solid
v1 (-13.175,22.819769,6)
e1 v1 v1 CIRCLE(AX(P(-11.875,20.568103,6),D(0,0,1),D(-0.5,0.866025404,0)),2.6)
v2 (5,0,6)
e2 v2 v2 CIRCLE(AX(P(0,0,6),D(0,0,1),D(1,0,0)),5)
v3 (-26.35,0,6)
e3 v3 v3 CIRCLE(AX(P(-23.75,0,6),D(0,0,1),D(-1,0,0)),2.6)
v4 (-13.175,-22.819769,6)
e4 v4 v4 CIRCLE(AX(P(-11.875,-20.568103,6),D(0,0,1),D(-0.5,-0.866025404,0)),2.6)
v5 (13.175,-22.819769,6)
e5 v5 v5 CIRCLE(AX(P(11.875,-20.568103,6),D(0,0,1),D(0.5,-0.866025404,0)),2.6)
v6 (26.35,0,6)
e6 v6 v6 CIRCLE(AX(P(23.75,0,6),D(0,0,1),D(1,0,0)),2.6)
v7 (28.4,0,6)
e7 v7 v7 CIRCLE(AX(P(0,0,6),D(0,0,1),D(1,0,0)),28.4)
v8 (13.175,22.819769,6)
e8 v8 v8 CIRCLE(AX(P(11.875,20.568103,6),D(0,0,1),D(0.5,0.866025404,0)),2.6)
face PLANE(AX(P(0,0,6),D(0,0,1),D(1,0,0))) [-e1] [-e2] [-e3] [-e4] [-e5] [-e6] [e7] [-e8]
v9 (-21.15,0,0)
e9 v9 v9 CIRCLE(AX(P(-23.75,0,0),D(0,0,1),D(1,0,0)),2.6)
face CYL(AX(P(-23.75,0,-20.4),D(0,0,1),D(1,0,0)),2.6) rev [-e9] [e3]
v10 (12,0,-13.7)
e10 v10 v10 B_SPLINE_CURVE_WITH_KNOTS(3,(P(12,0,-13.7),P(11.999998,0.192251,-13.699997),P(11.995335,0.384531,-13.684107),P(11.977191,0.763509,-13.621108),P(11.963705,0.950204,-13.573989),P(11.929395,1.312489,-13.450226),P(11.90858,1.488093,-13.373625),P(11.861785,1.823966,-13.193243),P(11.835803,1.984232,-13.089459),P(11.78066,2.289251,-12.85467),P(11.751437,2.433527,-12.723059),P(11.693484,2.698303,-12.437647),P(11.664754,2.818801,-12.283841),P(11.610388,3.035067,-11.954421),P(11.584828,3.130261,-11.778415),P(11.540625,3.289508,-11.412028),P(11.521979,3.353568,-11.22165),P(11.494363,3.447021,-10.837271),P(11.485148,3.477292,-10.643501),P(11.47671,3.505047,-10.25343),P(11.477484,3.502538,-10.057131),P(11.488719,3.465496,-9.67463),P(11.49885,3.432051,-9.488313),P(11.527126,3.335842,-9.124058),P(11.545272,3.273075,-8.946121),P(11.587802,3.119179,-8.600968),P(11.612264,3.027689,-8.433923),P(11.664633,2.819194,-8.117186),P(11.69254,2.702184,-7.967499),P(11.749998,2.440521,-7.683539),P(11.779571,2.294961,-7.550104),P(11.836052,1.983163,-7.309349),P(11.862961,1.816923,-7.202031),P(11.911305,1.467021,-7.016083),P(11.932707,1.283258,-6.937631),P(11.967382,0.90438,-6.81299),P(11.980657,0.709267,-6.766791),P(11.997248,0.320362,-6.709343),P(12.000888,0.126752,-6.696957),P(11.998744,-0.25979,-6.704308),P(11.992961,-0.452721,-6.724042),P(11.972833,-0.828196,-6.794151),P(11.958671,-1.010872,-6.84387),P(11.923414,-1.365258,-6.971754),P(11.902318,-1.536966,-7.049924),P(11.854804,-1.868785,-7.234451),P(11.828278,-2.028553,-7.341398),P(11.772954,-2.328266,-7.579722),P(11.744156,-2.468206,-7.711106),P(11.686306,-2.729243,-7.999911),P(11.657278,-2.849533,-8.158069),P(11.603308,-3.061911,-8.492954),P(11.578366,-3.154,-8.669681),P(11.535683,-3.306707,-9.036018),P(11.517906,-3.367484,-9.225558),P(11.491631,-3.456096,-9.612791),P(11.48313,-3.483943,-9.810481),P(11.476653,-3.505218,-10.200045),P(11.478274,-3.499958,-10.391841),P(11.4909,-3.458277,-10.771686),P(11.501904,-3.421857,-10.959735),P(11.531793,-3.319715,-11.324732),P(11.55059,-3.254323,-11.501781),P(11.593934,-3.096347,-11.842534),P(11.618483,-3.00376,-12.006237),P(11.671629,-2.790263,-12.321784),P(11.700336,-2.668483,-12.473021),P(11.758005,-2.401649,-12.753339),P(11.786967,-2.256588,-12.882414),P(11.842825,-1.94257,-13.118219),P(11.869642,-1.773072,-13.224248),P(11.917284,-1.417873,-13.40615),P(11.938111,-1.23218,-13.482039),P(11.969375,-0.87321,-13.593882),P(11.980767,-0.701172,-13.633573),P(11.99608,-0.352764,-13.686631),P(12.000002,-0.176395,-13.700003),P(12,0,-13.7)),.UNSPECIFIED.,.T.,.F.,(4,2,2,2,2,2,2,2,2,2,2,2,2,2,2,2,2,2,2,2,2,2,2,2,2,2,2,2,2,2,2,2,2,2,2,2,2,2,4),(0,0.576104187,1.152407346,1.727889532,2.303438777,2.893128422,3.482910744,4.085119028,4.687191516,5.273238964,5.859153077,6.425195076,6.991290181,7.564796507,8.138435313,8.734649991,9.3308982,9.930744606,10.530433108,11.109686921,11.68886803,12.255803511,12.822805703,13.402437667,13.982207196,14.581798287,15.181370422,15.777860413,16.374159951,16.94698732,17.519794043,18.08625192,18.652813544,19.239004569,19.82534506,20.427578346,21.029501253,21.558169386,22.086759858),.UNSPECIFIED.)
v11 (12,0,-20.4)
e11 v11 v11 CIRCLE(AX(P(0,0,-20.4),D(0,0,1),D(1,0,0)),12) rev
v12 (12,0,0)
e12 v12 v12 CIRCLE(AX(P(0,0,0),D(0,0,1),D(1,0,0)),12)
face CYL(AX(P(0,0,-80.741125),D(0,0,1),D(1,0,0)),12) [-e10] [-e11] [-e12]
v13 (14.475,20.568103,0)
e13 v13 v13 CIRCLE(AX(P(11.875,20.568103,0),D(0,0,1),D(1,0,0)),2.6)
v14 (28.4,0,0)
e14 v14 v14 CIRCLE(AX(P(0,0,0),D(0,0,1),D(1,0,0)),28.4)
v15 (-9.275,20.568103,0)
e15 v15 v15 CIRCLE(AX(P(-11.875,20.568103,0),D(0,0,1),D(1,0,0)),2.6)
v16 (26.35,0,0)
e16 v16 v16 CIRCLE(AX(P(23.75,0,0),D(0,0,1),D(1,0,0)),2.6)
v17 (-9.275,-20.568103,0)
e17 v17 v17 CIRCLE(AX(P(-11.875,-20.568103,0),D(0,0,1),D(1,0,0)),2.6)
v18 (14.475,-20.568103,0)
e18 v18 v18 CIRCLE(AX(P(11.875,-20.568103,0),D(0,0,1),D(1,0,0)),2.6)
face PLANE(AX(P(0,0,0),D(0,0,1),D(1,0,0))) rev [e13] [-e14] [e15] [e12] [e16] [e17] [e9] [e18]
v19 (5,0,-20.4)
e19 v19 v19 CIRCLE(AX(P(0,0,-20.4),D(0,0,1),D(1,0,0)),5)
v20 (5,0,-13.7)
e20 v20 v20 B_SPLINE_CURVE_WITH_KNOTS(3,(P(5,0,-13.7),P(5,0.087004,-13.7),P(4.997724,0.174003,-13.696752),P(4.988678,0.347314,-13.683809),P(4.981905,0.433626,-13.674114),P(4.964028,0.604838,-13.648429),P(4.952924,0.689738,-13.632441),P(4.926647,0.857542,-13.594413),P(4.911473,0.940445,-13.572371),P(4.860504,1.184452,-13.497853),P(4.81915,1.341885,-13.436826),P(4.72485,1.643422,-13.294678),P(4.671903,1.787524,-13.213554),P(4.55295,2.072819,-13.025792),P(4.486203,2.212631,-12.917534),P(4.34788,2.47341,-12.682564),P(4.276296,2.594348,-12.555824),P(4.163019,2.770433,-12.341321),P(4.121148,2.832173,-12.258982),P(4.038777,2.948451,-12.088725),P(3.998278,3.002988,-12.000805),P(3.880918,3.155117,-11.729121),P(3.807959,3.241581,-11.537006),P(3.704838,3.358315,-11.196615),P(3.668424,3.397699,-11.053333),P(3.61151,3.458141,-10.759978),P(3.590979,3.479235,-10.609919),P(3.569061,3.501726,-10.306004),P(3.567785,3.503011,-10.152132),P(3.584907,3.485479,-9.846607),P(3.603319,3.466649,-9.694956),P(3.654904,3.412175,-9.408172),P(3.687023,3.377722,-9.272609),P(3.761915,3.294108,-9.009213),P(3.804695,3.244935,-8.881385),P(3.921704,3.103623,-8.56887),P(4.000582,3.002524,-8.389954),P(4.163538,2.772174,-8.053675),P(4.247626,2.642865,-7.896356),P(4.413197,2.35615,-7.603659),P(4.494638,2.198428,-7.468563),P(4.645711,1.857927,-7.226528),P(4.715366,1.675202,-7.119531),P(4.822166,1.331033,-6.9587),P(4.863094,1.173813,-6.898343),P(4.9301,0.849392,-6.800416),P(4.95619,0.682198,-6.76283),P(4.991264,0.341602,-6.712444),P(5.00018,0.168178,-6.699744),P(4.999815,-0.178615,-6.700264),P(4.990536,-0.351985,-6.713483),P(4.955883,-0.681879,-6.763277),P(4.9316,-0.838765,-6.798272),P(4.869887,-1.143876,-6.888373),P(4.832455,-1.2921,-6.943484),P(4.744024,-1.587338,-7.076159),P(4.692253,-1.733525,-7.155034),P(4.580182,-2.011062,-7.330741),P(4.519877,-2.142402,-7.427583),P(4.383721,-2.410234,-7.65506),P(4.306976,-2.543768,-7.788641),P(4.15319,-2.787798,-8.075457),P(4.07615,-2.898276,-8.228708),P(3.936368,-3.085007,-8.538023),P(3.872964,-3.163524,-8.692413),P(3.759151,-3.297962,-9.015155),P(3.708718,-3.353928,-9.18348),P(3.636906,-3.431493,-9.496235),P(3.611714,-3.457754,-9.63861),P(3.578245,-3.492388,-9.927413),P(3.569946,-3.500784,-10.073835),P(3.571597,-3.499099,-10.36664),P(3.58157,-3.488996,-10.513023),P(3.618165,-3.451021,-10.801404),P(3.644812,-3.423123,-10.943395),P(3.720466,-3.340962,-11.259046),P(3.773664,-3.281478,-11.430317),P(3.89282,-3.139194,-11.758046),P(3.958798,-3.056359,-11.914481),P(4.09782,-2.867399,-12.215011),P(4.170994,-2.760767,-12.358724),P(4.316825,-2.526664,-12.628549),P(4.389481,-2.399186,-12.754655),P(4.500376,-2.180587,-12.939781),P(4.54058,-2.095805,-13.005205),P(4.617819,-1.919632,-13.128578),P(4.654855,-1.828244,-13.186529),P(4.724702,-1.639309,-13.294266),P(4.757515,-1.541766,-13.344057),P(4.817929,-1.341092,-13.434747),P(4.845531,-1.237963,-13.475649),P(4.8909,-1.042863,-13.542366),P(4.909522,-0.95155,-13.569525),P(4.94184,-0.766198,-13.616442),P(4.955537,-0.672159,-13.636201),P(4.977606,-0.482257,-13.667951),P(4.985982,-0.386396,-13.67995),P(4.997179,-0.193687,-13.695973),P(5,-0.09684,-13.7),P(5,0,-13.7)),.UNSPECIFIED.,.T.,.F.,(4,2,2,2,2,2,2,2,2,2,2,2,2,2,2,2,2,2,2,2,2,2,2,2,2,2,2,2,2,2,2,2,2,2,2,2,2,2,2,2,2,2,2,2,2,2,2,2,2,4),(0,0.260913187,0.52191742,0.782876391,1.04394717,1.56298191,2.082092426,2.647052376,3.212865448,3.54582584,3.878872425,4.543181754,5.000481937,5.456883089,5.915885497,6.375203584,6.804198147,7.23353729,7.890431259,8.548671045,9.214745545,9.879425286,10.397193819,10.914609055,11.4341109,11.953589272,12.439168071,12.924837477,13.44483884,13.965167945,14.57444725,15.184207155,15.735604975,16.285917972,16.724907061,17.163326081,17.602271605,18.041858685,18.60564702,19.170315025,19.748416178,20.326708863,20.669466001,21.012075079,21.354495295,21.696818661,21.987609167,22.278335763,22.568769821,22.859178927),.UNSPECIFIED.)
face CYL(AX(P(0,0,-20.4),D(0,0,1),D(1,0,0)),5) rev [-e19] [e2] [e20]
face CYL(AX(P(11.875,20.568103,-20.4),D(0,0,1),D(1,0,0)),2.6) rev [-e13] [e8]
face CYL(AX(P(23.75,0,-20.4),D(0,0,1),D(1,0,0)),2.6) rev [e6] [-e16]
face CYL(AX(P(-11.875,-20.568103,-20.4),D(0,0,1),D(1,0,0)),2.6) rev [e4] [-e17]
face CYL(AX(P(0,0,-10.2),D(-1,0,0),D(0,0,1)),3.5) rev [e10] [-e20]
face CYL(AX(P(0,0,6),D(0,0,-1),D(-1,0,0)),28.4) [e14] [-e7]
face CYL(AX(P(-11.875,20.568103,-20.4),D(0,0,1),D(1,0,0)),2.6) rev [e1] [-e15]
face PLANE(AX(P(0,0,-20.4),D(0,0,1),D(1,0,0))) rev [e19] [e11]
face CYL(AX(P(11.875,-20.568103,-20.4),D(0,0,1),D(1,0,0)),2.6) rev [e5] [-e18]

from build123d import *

# Parameters (mm, degrees)
SKETCH_1_R               = 28.4
EXTRUDE_1_DEPTH          = 6
SKETCH_2_R               = 12
EXTRUDE_2_DEPTH          = 20.4
CUT_EXTRUDE_1_DEPTH      = 46.047530454
CUT_EXTRUDE_1_DEPTH_BACK = 46.047530454
SKETCH_3_R               = 5
SKETCH_5_W               = 3.5
SKETCH_5_H               = 12
SKETCH_7_R               = 2.6
CUT_EXTRUDE_2_DEPTH      = 46.047530499
PATTERN_CIRCULAR_1_COUNT = 6


with BuildPart() as part:
    # ｽｹｯﾁ1 → ﾎﾞｽ - 押し出し1 (new body)
    with BuildSketch(Plane.XY):
        Circle(SKETCH_1_R)
    extrude(amount=EXTRUDE_1_DEPTH)

    # ｽｹｯﾁ2 → ﾎﾞｽ - 押し出し2 (add)
    with BuildSketch(Plane.XY):
        Circle(SKETCH_2_R)
    extrude(amount=-EXTRUDE_2_DEPTH)

    # ｽｹｯﾁ3 → ｶｯﾄ - 押し出し1 (cut, two sides: drawn at the far end of the back side and taken through both)
    with BuildSketch(Plane.XY.offset(-CUT_EXTRUDE_1_DEPTH_BACK)):
        Circle(SKETCH_3_R)
    extrude(amount=CUT_EXTRUDE_1_DEPTH + CUT_EXTRUDE_1_DEPTH_BACK, mode=Mode.SUBTRACT)

    # ｽｹｯﾁ5 → M6 すきま穴1 (revolve, cut)
    with BuildSketch(Plane(origin=(0, 0, -10.2), x_dir=(0, 0, 1), z_dir=(0, 1, 0))):
        with Locations((1.75, 6)):
            Rectangle(SKETCH_5_W, SKETCH_5_H)
    revolve(axis=Axis((-6.35, 0, -10.2), (1, 0, 0)), mode=Mode.SUBTRACT)

    # ｽｹｯﾁ7 → ｶｯﾄ - 押し出し2 (cut, symmetric)
    with BuildSketch(Plane.XY):
        with Locations((23.75, 0)):
            Circle(SKETCH_7_R)
    cut_extrude_2 = extrude(amount=CUT_EXTRUDE_2_DEPTH, both=True, mode=Mode.SUBTRACT)

    # 円形ﾊﾟﾀｰﾝ1: ｶｯﾄ - 押し出し2 ×6 about axis
    pattern_circular_1_axis = Axis((0, 0, 0), (0, 0, 1))
    for i in range(1, PATTERN_CIRCULAR_1_COUNT):
        add(cut_extrude_2.rotate(pattern_circular_1_axis, i * 360 / PATTERN_CIRCULAR_1_COUNT), mode=Mode.SUBTRACT)


solid = part.part
